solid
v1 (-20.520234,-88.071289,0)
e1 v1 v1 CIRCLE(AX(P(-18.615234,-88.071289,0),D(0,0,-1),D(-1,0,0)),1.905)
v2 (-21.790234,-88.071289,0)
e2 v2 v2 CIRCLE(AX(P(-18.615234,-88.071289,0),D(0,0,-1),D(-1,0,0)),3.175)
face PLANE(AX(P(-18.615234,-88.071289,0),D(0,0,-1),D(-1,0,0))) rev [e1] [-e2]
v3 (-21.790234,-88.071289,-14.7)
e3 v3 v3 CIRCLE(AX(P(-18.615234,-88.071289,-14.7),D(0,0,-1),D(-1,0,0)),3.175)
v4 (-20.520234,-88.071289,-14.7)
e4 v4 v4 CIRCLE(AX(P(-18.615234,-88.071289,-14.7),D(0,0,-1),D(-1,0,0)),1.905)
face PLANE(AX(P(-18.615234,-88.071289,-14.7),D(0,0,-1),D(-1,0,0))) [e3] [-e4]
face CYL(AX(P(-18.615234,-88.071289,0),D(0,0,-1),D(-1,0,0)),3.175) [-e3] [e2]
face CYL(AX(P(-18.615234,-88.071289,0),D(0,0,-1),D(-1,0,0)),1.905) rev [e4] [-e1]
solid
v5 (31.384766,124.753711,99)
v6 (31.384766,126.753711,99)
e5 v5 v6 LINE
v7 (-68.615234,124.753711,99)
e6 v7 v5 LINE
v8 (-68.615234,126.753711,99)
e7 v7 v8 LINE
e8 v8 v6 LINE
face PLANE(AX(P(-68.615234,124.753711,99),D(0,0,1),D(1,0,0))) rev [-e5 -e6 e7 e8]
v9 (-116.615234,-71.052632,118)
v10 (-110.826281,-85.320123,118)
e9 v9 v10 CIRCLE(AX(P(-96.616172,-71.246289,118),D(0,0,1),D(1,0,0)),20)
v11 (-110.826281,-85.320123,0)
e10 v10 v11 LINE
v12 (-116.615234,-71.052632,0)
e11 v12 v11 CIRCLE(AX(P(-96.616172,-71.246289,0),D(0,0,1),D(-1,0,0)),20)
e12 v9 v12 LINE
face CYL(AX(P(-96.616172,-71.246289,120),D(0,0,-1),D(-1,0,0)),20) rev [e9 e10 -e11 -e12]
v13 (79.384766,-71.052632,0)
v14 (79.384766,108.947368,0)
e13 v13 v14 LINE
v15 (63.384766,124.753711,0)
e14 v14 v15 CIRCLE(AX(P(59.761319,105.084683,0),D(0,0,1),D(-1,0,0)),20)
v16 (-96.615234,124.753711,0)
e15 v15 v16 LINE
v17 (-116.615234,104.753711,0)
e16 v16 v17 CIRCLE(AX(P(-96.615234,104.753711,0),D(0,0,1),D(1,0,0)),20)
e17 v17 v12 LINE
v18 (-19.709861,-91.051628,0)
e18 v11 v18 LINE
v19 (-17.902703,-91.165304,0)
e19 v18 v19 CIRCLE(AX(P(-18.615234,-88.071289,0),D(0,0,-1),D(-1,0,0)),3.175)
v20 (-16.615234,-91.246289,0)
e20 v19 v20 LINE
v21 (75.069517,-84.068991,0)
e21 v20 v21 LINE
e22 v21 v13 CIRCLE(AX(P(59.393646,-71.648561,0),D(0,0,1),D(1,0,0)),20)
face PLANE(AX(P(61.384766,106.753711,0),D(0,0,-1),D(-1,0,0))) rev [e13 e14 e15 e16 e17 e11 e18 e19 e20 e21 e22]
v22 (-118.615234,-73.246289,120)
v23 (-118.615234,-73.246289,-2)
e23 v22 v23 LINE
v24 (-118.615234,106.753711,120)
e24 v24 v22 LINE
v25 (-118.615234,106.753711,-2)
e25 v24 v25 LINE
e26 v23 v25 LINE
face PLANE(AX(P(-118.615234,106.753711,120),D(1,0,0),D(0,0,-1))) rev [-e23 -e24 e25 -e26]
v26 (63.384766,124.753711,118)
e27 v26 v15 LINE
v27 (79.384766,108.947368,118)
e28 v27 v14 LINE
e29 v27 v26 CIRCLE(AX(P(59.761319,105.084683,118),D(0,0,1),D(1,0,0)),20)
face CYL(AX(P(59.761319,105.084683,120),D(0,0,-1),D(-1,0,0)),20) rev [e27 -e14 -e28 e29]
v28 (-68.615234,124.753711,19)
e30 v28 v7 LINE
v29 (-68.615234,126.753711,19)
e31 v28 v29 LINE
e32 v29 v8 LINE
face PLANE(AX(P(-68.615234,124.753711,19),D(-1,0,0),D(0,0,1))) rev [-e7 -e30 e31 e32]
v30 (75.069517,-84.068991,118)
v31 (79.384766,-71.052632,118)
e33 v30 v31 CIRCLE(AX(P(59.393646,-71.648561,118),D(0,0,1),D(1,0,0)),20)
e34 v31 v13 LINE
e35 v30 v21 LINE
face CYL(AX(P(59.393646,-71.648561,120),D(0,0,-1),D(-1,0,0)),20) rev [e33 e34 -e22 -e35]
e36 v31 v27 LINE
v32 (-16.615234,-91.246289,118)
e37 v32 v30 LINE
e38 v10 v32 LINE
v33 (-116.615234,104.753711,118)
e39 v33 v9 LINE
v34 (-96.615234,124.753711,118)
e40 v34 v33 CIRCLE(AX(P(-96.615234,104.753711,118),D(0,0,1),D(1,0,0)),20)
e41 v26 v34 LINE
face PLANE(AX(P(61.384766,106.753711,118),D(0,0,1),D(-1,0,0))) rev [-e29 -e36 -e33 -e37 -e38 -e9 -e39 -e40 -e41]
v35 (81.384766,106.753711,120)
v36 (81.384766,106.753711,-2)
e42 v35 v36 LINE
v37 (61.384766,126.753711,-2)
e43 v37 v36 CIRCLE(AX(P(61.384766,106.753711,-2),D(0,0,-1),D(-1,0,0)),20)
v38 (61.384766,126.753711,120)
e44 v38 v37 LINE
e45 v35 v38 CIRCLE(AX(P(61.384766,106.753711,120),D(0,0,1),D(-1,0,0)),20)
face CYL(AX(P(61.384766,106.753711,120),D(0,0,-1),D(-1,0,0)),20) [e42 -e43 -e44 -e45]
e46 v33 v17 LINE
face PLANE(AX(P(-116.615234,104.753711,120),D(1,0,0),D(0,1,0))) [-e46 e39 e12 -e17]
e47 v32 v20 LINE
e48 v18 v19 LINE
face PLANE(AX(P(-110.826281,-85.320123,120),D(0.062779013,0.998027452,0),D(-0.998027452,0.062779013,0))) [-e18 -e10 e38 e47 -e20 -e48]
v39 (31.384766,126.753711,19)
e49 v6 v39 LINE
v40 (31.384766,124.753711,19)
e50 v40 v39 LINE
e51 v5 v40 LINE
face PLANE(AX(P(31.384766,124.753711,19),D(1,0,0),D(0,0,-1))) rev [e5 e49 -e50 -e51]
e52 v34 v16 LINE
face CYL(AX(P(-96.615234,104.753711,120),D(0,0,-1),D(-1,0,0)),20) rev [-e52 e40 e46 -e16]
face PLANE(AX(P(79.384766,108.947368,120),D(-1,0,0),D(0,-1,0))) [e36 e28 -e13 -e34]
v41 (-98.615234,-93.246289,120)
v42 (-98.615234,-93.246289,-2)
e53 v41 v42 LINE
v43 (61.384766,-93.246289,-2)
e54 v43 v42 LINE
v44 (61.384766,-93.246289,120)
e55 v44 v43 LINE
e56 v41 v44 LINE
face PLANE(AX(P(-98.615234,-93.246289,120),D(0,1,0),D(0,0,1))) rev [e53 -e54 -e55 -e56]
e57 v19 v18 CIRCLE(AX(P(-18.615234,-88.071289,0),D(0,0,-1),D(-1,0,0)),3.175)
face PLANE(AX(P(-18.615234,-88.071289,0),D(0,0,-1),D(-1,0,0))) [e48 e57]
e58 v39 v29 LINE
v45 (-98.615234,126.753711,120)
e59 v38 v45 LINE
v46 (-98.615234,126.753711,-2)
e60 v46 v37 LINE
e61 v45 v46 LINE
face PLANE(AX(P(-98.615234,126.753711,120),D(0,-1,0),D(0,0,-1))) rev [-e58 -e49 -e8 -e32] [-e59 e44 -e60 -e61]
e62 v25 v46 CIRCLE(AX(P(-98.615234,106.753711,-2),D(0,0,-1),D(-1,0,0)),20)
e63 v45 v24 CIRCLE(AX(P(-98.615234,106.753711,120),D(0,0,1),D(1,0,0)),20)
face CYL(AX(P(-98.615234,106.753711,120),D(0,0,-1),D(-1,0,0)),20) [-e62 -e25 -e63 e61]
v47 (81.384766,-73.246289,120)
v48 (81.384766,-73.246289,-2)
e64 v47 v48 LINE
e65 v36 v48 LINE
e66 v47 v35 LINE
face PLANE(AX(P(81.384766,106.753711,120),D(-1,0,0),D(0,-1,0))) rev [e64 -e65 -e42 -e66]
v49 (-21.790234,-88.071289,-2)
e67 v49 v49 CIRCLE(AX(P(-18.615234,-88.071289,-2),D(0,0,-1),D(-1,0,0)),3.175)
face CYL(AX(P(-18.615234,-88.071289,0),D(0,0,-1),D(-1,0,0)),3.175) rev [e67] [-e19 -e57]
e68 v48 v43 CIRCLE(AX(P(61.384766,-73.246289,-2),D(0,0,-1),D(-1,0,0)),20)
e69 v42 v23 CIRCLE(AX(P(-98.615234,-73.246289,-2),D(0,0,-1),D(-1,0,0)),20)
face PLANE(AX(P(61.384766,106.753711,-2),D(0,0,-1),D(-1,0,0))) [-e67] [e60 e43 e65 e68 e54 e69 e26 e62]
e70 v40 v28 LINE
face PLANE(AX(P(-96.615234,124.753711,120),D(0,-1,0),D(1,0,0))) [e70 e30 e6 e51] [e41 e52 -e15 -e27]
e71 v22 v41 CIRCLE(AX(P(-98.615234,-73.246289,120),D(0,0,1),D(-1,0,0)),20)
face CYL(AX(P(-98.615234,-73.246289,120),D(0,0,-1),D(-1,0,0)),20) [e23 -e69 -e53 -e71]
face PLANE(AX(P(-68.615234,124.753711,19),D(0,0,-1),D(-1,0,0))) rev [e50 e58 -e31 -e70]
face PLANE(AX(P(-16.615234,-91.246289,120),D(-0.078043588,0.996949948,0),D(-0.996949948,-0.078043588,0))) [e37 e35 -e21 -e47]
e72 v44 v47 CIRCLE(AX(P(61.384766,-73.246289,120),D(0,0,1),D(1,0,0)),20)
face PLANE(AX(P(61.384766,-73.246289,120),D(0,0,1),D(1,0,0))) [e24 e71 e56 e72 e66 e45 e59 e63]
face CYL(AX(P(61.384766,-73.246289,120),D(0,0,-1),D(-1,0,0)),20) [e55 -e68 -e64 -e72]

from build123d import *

# Parameters (mm, degrees)
BOSS_EXTRUDE1_DEPTH      = 120
BOSS_EXTRUDE2_DEPTH      = 2
SKETCH4_R                = 3.175
CUT_EXTRUDE2_DEPTH       = 2
SKETCH5_W                = 100
SKETCH5_H                = 80
CUT_EXTRUDE3_DEPTH       = 2
SKETCH6_R                = 3.175
SKETCH6_R_2              = 1.905
BOSS_EXTRUDE3_DEPTH      = 12.7
BOSS_EXTRUDE3_DEPTH_BACK = 2


with BuildPart() as part:
    # Sketch1 → Boss-Extrude1 (new body)
    with BuildSketch(Plane.XY):
        with BuildLine():
            Line((-98.615233931, 126.753710538), (61.384766069, 126.753710538))
            ThreePointArc((61.384766069, 126.753710538), (75.526901693, 120.895846162), (81.384766069, 106.753710538))
            Line((81.384766069, 106.753710538), (81.384766069, -73.246289462))
            ThreePointArc((81.384766069, -73.246289462), (75.526901693, -87.388425086), (61.384766069, -93.246289462))
            Line((61.384766069, -93.246289462), (-98.615233931, -93.246289462))
            ThreePointArc((-98.615233931, -93.246289462), (-112.757369555, -87.388425086), (-118.615233931, -73.246289462))
            Line((-118.615233931, -73.246289462), (-118.615233931, 106.753710538))
            ThreePointArc((-118.615233931, 106.753710538), (-112.757369555, 120.895846162), (-98.615233931, 126.753710538))
        make_face()
        with BuildLine():
            Line((-96.615233931, 124.753710538), (63.384766069, 124.753710538))
            ThreePointArc((63.384766069, 124.753710538), (73.817087779, 119.312661776), (79.384766069, 108.947368421))
            Line((79.384766069, 108.947368421), (79.384766069, -71.052631579))
            ThreePointArc((79.384766069, -71.052631579), (78.377585569, -77.942212595), (75.069516555, -84.068991401))
            Line((75.069516555, -84.068991401), (-16.615233931, -91.246289462))
            Line((-16.615233931, -91.246289462), (-110.826280736, -85.32012324))
            ThreePointArc((-110.826280736, -85.32012324), (-115.148769435, -78.765785158), (-116.615233931, -71.052631579))
            Line((-116.615233931, -71.052631579), (-116.615233931, 104.753710538))
            ThreePointArc((-116.615233931, 104.753710538), (-110.757369555, 118.895846162), (-96.615233931, 124.753710538))
        make_face(mode=Mode.SUBTRACT)
    extrude(amount=BOSS_EXTRUDE1_DEPTH)

    # Sketch2 → Boss-Extrude2 (add)
    with BuildSketch(Plane(origin=(0, 0, 0), x_dir=(-1, 0, 0), z_dir=(0, 0, -1))):
        with BuildLine():
            Line((-81.384766069, -73.246289462), (-81.384766069, 106.753710538))
            ThreePointArc((-81.384766069, 106.753710538), (-75.526901693, 120.895846162), (-61.384766069, 126.753710538))
            Line((-61.384766069, 126.753710538), (98.615233931, 126.753710538))
            ThreePointArc((98.615233931, 126.753710538), (112.757369555, 120.895846162), (118.615233931, 106.753710538))
            Line((118.615233931, 106.753710538), (118.615233931, -73.246289462))
            ThreePointArc((118.615233931, -73.246289462), (112.757369555, -87.388425086), (98.615233931, -93.246289462))
            Line((98.615233931, -93.246289462), (-61.384766069, -93.246289462))
            ThreePointArc((-61.384766069, -93.246289462), (-75.526901693, -87.388425086), (-81.384766069, -73.246289462))
        make_face()
    boss_extrude2 = extrude(amount=BOSS_EXTRUDE2_DEPTH)

    # Mirror1: Boss-Extrude2 across plane
    add(boss_extrude2.mirror(Plane.XY.offset(59)))

    # Sketch4 → Cut-Extrude2 (cut)
    with BuildSketch(Plane(origin=(0, 0, -2), x_dir=(-1, 0, 0), z_dir=(0, 0, -1))):
        with Locations((18.615233931, -88.071289462)):
            Circle(SKETCH4_R)
    extrude(amount=-CUT_EXTRUDE2_DEPTH, mode=Mode.SUBTRACT)

    # Sketch5 → Cut-Extrude3 (cut)
    with BuildSketch(Plane(origin=(0, 126.753710538, 0), x_dir=(1, 0, 0), z_dir=(0, 1, 0))):
        with Locations((-18.615233931, -59)):
            Rectangle(SKETCH5_W, SKETCH5_H)
    extrude(amount=-CUT_EXTRUDE3_DEPTH, mode=Mode.SUBTRACT)


with BuildPart() as body_2:
    # Sketch6 → Boss-Extrude3 (new body, two sides)
    with BuildSketch(Plane(origin=(0, 0, -2), x_dir=(-1, 0, 0), z_dir=(0, 0, -1))) as boss_extrude3_sk:
        with Locations((18.615233931, -88.071289462)):
            Circle(SKETCH6_R)
        with Locations((18.615233931, -88.071289462)):
            Circle(SKETCH6_R_2, mode=Mode.SUBTRACT)
    extrude(amount=BOSS_EXTRUDE3_DEPTH)
    extrude(boss_extrude3_sk.sketch, amount=-BOSS_EXTRUDE3_DEPTH_BACK)


solid = Compound([part.part, body_2.part])
